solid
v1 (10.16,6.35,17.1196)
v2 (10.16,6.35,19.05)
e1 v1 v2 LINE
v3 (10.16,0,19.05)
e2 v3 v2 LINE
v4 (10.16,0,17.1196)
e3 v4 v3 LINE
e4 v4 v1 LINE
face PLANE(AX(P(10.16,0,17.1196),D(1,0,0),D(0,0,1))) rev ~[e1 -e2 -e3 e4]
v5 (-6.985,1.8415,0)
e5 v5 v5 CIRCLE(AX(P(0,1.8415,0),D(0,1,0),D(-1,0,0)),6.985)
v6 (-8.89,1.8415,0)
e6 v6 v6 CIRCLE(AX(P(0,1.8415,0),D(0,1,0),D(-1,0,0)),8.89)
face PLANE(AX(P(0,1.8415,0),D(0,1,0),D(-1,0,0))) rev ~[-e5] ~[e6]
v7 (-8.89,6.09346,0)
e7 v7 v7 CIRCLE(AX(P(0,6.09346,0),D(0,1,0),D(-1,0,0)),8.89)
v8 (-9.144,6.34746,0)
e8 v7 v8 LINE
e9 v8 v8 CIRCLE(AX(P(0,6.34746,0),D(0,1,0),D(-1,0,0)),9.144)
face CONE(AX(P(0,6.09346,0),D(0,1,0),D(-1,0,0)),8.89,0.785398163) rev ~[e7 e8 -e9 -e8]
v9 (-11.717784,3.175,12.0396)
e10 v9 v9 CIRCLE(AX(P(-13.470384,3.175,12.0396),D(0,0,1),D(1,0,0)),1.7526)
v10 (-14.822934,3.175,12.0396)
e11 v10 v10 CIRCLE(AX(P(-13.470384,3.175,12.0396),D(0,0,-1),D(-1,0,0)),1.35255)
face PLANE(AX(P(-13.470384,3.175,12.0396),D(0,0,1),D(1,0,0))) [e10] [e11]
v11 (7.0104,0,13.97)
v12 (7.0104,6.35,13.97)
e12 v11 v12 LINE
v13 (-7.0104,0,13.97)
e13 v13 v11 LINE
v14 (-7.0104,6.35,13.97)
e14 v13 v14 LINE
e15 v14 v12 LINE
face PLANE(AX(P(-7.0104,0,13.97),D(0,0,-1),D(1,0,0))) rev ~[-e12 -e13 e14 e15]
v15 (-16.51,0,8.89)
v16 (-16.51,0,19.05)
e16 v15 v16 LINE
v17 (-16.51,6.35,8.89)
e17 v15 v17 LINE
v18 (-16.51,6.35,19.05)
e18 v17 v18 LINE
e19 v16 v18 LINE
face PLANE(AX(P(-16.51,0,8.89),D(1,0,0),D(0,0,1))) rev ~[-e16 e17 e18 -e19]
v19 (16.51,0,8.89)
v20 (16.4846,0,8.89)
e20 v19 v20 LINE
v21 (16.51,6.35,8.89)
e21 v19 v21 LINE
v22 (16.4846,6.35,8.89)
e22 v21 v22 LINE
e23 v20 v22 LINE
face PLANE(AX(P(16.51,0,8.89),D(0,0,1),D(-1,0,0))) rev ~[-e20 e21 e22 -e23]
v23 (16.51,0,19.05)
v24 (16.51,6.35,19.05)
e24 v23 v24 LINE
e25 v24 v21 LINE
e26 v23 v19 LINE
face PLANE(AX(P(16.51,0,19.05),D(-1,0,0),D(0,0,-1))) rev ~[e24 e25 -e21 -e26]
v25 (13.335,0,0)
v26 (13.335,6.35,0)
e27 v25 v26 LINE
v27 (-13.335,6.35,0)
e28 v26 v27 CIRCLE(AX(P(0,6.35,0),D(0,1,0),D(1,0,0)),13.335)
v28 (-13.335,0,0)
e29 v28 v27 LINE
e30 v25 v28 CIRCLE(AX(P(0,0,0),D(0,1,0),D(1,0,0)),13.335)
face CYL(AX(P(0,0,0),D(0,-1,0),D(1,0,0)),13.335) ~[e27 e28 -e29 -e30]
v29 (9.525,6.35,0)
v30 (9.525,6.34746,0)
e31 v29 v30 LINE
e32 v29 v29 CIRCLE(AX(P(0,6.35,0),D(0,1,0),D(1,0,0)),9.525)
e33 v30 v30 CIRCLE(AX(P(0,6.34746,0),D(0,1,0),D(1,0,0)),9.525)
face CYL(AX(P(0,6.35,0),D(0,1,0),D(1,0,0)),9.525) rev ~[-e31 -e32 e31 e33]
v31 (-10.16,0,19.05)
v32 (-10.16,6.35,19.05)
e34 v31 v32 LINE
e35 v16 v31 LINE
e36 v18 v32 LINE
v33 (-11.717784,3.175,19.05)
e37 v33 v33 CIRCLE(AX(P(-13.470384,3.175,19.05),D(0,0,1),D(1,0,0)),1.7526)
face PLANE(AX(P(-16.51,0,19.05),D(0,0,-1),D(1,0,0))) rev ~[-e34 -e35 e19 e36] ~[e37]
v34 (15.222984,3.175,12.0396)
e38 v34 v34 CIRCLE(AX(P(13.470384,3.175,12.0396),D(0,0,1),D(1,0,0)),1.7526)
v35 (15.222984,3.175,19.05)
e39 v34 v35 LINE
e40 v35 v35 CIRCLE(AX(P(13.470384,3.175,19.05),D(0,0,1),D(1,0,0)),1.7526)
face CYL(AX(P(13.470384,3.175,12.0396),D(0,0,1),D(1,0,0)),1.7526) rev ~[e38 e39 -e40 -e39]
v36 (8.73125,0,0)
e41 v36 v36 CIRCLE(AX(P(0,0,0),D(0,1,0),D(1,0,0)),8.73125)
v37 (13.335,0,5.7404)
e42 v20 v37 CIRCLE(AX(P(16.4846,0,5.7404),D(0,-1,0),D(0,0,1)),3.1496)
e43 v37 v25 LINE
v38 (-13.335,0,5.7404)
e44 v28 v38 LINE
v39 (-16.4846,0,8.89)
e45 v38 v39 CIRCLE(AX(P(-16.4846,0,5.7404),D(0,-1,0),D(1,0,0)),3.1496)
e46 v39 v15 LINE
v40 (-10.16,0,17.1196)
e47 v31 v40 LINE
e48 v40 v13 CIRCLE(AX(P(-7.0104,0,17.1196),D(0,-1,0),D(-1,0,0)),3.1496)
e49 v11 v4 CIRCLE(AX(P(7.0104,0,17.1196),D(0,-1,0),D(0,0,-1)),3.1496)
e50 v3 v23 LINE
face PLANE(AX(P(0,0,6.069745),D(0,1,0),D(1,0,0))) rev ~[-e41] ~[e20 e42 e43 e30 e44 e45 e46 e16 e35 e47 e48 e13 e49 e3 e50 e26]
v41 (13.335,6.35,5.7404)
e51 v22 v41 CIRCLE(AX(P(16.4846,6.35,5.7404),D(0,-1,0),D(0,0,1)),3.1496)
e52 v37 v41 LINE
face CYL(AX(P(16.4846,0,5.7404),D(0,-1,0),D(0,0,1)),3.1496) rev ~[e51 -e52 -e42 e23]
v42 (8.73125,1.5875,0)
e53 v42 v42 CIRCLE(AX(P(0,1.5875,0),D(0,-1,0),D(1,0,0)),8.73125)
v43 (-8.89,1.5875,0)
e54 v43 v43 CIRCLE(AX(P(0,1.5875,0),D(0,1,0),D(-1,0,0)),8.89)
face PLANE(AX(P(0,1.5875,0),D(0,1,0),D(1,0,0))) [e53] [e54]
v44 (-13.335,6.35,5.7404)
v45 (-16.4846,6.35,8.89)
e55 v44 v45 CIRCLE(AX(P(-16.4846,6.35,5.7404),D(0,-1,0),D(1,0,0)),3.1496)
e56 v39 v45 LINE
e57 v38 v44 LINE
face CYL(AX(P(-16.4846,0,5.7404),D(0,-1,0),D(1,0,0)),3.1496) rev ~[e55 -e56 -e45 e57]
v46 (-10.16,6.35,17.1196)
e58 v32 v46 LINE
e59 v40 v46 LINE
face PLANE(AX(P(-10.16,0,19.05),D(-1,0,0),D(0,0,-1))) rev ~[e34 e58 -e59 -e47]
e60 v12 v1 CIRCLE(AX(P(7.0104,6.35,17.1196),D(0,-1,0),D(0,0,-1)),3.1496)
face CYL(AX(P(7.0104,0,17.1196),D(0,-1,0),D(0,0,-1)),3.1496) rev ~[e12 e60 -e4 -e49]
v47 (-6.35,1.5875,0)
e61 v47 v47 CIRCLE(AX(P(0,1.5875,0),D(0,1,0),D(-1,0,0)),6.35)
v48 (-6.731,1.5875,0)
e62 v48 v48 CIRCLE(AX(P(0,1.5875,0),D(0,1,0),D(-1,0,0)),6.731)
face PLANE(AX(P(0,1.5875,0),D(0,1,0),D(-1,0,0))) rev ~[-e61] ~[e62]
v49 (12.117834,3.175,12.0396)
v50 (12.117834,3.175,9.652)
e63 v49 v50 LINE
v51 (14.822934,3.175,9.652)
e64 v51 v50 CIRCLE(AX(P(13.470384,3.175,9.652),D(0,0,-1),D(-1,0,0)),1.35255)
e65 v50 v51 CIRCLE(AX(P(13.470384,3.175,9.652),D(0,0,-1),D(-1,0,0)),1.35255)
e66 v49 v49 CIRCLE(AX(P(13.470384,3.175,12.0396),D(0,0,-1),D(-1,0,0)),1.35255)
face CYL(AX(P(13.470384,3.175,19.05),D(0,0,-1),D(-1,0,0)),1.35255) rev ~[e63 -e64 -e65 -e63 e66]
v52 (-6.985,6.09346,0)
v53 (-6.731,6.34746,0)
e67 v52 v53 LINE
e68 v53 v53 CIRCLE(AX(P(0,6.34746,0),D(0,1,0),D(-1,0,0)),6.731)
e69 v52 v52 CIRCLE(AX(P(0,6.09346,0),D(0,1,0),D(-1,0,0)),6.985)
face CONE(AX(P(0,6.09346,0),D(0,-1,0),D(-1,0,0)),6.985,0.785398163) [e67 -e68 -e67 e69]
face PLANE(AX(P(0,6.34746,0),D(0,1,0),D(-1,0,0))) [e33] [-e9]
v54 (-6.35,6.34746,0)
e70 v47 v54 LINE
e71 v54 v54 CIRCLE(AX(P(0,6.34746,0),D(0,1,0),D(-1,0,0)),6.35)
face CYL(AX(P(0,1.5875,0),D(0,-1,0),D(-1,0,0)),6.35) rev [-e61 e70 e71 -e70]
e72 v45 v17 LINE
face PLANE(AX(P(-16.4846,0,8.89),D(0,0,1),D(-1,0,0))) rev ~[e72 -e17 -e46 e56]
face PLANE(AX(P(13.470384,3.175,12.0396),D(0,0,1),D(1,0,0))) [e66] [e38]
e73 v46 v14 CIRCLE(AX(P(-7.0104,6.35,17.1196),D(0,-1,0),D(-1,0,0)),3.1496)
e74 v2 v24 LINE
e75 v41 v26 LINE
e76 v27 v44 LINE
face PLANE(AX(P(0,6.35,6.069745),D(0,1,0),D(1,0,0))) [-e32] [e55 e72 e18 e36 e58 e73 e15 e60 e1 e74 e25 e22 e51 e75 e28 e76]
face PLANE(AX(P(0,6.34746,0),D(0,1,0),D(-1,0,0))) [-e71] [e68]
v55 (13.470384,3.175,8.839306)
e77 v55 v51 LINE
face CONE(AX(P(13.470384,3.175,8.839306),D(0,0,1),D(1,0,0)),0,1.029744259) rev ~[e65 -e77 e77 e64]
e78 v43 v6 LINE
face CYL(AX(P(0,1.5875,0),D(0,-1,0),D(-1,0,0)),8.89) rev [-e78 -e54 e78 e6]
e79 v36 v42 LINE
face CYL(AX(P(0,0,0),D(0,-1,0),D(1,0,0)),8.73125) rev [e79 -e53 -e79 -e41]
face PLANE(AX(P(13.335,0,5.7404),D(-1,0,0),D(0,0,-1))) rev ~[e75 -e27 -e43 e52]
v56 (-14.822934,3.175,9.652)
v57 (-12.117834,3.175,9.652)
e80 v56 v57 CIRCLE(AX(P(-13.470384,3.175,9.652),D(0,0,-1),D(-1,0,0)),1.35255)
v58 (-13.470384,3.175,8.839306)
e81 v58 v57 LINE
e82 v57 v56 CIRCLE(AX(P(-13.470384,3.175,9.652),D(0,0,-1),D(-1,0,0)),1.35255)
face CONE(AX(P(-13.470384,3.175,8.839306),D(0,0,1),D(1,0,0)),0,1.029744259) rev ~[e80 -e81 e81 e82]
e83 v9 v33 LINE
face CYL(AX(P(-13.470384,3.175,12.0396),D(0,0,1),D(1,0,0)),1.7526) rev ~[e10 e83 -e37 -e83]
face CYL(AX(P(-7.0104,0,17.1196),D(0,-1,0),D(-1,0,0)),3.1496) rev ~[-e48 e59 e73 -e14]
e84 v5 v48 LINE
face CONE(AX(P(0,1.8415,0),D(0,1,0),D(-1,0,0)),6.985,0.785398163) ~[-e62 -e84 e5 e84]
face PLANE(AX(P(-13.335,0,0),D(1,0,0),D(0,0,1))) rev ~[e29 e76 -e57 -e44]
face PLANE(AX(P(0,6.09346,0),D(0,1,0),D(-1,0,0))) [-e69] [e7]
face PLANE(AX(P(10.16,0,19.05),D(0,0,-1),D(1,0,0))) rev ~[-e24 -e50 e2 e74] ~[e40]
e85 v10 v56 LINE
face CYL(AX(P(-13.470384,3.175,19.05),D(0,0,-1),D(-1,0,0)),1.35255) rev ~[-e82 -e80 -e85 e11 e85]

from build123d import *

# Parameters (mm, degrees)
SKETCH1_R                       = 8.73125
BOSS_EXTRUDE1_DEPTH             = 6.35
SKETCH2_R                       = 9.525
CUT_EXTRUDE1_DEPTH              = 4.7625
SKETCH3_R                       = 9.525
SKETCH3_R_2                     = 8.89
BOSS_EXTRUDE2_DEPTH             = 4.75996
CHAMFER1_SIZE                   = 0.254
SKETCH5_R                       = 6.985
SKETCH5_R_2                     = 6.35
BOSS_EXTRUDE3_DEPTH             = 4.75996
CHAMFER2_SIZE                   = 0.254
SKETCH6_R                       = 8.89
SKETCH6_R_2                     = 6.985
BOSS_EXTRUDE4_DEPTH             = 4.25196
F_6_32_TAPPED_HOLE1_D           = 2.7051
F_6_32_TAPPED_HOLE1_DEPTH       = 9.398
F_6_32_TAPPED_HOLE1_CBORE_D     = 3.5052
F_6_32_TAPPED_HOLE1_CBORE_DEPTH = 7.0104
F_6_32_TAPPED_HOLE1_TIP         = 0.81269403


with BuildPart() as part:
    # Sketch1 → Boss-Extrude1 (new body)
    with BuildSketch(Plane(origin=(0, 0, 0), x_dir=(1, 0, 0), z_dir=(0, 1, 0))):
        with BuildLine():
            Line((-13.335, 0), (-13.335, -5.7404))
            ThreePointArc((-13.335, -5.7404), (-14.257496482, -7.967503518), (-16.4846, -8.89))
            Line((-16.4846, -8.89), (-16.51, -8.89))
            Line((-16.51, -8.89), (-16.51, -19.05))
            Line((-16.51, -19.05), (-10.16, -19.05))
            Line((-10.16, -19.05), (-10.16, -17.1196))
            ThreePointArc((-10.16, -17.1196), (-9.237503518, -14.892496482), (-7.0104, -13.97))
            Line((-7.0104, -13.97), (7.0104, -13.97))
            ThreePointArc((7.0104, -13.97), (9.237503518, -14.892496482), (10.16, -17.1196))
            Line((10.16, -17.1196), (10.16, -19.05))
            Line((10.16, -19.05), (16.51, -19.05))
            Line((16.51, -19.05), (16.51, -8.89))
            Line((16.51, -8.89), (16.4846, -8.89))
            ThreePointArc((16.4846, -8.89), (14.257496482, -7.967503518), (13.335, -5.7404))
            Line((13.335, -5.7404), (13.335, 0))
            ThreePointArc((13.335, 0), (0, 13.335), (-13.335, 0))
        make_face()
        Circle(SKETCH1_R, mode=Mode.SUBTRACT)
    extrude(amount=BOSS_EXTRUDE1_DEPTH)

    # Sketch2 → Cut-Extrude1 (cut)
    with BuildSketch(Plane(origin=(0, 6.35, 0), x_dir=(1, 0, 0), z_dir=(0, 1, 0))):
        Circle(SKETCH2_R)
    extrude(amount=-CUT_EXTRUDE1_DEPTH, mode=Mode.SUBTRACT)

    # Sketch3 → Boss-Extrude2 (add)
    with BuildSketch(Plane(origin=(0, 1.5875, 0), x_dir=(-1, 0, 0), z_dir=(0, 1, 0))):
        Circle(SKETCH3_R)
        Circle(SKETCH3_R_2, mode=Mode.SUBTRACT)
    extrude(amount=BOSS_EXTRUDE2_DEPTH)

    # Chamfer1
    chamfer1_edges = [part.edges().sort_by_distance(p)[0] for p in [
        (8.89, 6.34746, 0),
    ]]
    chamfer(chamfer1_edges, length=CHAMFER1_SIZE)



with BuildPart() as body_2:
    # Sketch5 → Boss-Extrude3 (new body)
    with BuildSketch(Plane(origin=(0, 1.5875, 0), x_dir=(-1, 0, 0), z_dir=(0, 1, 0))):
        Circle(SKETCH5_R)
        Circle(SKETCH5_R_2, mode=Mode.SUBTRACT)
    extrude(amount=BOSS_EXTRUDE3_DEPTH)

    # Chamfer2
    chamfer2_edges = [body_2.edges().sort_by_distance(p)[0] for p in [
        (6.985, 1.5875, 0),
        (6.985, 6.34746, 0),
    ]]
    chamfer(chamfer2_edges, length=CHAMFER2_SIZE)


with BuildPart() as part_1:
    add(part.part)

    add(body_2.part)  # Boss-Extrude4 merges body 2
    # Sketch6 → Boss-Extrude4 (add)
    with BuildSketch(Plane(origin=(0, 6.09346, 0), x_dir=(-1, 0, 0), z_dir=(0, 1, 0))):
        Circle(SKETCH6_R)
        Circle(SKETCH6_R_2, mode=Mode.SUBTRACT)
    extrude(amount=-BOSS_EXTRUDE4_DEPTH)

    # #6-32 Tapped Hole1
    with Locations(Plane.XY.offset(19.05)):
        with Locations((-13.470384182, 3.175), (13.470384182, 3.175)):
            CounterBoreHole(F_6_32_TAPPED_HOLE1_D / 2, F_6_32_TAPPED_HOLE1_CBORE_D / 2, F_6_32_TAPPED_HOLE1_CBORE_DEPTH, depth=F_6_32_TAPPED_HOLE1_DEPTH)
            with Locations((0, 0, -(F_6_32_TAPPED_HOLE1_DEPTH + F_6_32_TAPPED_HOLE1_TIP / 2))):  # 118° drill point
                Cone(0, F_6_32_TAPPED_HOLE1_D / 2, F_6_32_TAPPED_HOLE1_TIP, mode=Mode.SUBTRACT)


solid = part_1.part
